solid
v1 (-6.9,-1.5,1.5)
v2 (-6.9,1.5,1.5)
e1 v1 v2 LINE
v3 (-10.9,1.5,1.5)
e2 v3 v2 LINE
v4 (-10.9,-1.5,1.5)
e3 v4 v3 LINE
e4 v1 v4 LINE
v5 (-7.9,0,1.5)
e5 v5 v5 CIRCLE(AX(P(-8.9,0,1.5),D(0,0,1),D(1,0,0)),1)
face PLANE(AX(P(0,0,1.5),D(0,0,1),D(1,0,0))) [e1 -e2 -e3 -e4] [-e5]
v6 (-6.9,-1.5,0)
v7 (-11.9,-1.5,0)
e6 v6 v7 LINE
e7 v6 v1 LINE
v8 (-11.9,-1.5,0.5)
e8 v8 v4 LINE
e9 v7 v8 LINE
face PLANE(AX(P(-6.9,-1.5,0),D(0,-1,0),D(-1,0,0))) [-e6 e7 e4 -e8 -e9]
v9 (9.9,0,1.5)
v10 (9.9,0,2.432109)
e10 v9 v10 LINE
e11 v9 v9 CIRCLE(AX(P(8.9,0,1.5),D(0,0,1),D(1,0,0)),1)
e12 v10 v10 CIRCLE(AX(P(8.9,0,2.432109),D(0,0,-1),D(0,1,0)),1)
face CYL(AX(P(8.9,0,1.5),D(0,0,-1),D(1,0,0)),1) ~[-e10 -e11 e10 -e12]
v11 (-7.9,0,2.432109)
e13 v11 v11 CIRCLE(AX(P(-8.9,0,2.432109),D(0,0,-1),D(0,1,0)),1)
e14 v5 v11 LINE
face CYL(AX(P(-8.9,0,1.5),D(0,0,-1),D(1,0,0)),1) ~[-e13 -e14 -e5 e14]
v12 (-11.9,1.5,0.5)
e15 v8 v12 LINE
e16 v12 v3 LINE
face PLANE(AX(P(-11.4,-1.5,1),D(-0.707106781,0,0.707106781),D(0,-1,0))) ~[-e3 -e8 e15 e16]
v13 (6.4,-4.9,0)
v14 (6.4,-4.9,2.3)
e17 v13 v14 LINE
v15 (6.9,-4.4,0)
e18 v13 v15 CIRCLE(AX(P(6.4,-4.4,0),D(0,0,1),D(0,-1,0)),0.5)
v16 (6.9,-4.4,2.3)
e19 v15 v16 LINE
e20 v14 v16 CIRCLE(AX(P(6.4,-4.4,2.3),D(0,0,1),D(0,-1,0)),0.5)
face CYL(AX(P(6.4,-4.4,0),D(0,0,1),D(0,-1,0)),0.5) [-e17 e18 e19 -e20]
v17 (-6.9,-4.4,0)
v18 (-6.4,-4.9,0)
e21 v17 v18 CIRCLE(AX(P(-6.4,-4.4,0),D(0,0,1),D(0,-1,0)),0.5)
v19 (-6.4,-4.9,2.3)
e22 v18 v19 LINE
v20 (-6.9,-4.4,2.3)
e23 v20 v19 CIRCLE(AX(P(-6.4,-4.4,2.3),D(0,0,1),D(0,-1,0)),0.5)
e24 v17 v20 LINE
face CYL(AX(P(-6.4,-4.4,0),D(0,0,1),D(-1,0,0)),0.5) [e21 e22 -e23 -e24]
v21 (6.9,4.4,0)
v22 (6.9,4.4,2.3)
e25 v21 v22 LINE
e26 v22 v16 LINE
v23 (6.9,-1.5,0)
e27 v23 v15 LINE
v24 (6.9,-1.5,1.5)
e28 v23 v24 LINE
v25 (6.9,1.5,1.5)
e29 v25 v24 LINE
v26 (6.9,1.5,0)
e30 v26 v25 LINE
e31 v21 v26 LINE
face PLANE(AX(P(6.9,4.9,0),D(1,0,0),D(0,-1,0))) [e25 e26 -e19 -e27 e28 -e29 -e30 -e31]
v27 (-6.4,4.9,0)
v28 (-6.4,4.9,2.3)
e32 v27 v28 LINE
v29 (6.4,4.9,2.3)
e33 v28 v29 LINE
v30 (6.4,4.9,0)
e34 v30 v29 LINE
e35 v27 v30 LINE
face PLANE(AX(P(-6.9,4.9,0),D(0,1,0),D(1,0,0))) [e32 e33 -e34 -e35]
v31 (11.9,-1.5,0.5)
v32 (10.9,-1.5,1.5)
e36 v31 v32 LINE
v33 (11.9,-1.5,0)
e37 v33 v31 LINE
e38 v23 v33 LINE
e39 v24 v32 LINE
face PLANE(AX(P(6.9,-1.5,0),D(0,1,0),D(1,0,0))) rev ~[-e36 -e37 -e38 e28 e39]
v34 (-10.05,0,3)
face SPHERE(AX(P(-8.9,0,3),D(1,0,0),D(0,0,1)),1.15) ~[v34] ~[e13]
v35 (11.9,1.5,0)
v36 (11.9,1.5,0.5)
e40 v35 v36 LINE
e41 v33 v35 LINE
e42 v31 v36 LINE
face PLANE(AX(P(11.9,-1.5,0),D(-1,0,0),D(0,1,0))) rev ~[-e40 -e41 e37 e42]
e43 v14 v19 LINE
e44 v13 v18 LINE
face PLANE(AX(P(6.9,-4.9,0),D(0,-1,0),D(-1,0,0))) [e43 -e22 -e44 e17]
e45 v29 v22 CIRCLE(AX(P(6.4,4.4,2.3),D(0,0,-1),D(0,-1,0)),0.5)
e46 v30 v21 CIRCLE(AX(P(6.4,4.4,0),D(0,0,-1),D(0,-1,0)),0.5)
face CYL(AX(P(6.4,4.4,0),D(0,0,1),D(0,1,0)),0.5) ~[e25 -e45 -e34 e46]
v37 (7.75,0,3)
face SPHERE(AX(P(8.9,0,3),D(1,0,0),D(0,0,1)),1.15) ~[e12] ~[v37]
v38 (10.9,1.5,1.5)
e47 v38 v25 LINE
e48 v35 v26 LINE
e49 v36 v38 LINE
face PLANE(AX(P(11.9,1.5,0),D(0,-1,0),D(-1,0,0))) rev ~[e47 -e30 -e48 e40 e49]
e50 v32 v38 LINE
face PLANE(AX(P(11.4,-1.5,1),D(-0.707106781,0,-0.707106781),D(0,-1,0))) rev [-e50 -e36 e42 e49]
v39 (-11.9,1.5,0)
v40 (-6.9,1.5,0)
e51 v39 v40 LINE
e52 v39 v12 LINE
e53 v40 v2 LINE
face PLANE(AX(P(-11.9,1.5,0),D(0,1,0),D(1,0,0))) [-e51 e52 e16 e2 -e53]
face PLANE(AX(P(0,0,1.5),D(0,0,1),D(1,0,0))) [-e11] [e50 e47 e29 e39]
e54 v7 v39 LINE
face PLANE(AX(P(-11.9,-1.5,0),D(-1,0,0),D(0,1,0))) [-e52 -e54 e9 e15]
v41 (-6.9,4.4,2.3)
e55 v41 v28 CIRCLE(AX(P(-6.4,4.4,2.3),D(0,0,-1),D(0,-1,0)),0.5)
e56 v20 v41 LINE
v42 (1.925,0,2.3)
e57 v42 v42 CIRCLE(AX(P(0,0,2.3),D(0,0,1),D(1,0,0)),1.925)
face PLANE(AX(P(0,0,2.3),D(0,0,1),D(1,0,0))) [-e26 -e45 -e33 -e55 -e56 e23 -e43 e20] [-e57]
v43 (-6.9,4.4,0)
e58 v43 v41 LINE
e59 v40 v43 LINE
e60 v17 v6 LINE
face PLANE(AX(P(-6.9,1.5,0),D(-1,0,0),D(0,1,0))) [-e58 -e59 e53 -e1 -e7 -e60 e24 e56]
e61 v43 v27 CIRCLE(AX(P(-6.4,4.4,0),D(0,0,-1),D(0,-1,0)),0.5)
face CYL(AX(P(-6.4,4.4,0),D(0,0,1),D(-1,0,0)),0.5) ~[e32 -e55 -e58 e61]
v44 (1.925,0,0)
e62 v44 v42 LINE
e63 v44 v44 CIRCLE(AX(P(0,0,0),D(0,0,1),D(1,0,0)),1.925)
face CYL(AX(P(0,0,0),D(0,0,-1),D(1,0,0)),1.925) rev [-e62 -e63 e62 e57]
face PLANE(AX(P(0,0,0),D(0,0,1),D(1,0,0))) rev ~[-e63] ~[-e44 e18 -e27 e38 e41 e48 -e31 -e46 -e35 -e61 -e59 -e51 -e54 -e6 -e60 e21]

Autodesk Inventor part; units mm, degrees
ref_plane "YZ Plane" through (0, 0, 0) normal (1, 0, 0) x (0, 1, 0)
ref_plane "XZ Plane" through (0, 0, 0) normal (0, 1, 0) x (-1, 0, 0)
ref_plane "XY Plane" through (0, 0, 0) normal (0, 0, 1) x (1, 0, 0)
sketch "Sketch1" plane through (0, 0, 0) normal (0, 0, 1) x (1, 0, 0)
  line L0 (-6.9, 4.9) -> (6.9, 4.9)
  line L1 (6.9, 4.9) -> (6.9, -4.9)
  line L2 (6.9, -4.9) -> (-6.9, -4.9)
  line L3 (-6.9, -4.9) -> (-6.9, 4.9)
  circle A0 centre (0, 0) radius 1.925
  line L4 (-6.9, -1.5) -> (-11.9, -1.5)
  line L5 (-11.9, -1.5) -> (-11.9, 1.5)
  line L6 (-11.9, 1.5) -> (-6.9, 1.5)
  line L7 (-6.9, 1.5) -> (-6.9, -1.5)
  line L8 (6.9, -1.5) -> (11.9, -1.5)
  line L9 (11.9, -1.5) -> (11.9, 1.5)
  line L10 (11.9, 1.5) -> (6.9, 1.5)
  line L11 (6.9, 1.5) -> (6.9, -1.5)
  dimension "d0" = 13.8
  dimension "d1" = 9.8
  dimension "d2" = 6.9
  dimension "d3" = 4.9
  dimension "d6" = 3.85
  dimension "d7" = 3
  dimension "d8" = 1.5
  dimension "d9" = 5
  dimension "d10" = 5
extrude "Extrusion1" add sketch "Sketch1" along normal blind 2.3 contours L0 L1 L2 L3
extrude "Extrusion2" add sketch "Sketch1" along normal blind 1.5 contours L3 L4 L5 L6 | L10 L9 L8 L1
chamfer "Chamfer1" distance 1 angle 45 2 edges at (-11.9, 0, 1.5) (11.9, 0, 1.5)
sketch "Sketch2" plane through (0, 0, 1.5) normal (0, 0, 1) x (1, 0, 0)
  circle A0 centre (8.9, 0) radius 1
  line L0 (10.9, 1.5) -> (6.9, 1.5) projected
  line L1 (0, 0) -> (0.8425, 0) construction
  line L2 (6.9, -4.9) -> (6.9, 4.9) projected
  circle A1 centre (-8.9, 0) radius 1
  line L3 (-6.9, 4.9) -> (-6.9, -4.9) projected
  dimension "d17" = 2
  dimension "d19" = 2
  dimension "d20" = 2
  dimension "d21" = 2
extrude "Extrusion3" add sketch "Sketch2" along normal blind 1.5
sketch "Sketch3" plane through (0, 0, 0) normal (0, 1, 0) x (-1, 0, 0)
  line L0 (9.9, 3) -> (7.9, 3) projected
  circle A0 centre (8.9, 3) radius 1.15
  line L1 (7.9, 1.5) -> (7.9, 3) projected
  line L2 (9.9, 1.5) -> (9.9, 3) projected
  line L3 (-7.9, 3) -> (-9.9, 3) projected
  circle A1 centre (-8.9, 3) radius 1.15
  line L4 (-9.9, 1.5) -> (-9.9, 3) projected
  line L5 (9.9, 3) -> (10.05, 3)
  line L6 (7.9, 3) -> (7.75, 3)
  line L7 (-7.75, 3) -> (-10.05, 3)
  point P0 (0, 0)
  dimension "d24" = 0.15
  dimension "d25" = 0.15
revolve "Revolution1" add sketch "Sketch3" angle 360 about axis through (-9.9, 0, 3) along (-1, 0, 0) contours L0 L6 A0 L5 | L3 L7 A1
fillet "Fillet1" radius 0.5 4 edges at (-6.9, -4.9, 1.15) (-6.9, 4.9, 1.15) (6.9, 4.9, 1.15) (6.9, -4.9, 1.15)
equation "\"d2\" = 0.5 * d0"
equation "\"d3\" = 0.5 * d1"
equation "\"d8\" = 0.5 * d7"
equation "\"d10\" = d9"
equation "\"d20\" = d17"
equation "\"d21\" = d19"
properties part number "motor_cover_3DPrint"
